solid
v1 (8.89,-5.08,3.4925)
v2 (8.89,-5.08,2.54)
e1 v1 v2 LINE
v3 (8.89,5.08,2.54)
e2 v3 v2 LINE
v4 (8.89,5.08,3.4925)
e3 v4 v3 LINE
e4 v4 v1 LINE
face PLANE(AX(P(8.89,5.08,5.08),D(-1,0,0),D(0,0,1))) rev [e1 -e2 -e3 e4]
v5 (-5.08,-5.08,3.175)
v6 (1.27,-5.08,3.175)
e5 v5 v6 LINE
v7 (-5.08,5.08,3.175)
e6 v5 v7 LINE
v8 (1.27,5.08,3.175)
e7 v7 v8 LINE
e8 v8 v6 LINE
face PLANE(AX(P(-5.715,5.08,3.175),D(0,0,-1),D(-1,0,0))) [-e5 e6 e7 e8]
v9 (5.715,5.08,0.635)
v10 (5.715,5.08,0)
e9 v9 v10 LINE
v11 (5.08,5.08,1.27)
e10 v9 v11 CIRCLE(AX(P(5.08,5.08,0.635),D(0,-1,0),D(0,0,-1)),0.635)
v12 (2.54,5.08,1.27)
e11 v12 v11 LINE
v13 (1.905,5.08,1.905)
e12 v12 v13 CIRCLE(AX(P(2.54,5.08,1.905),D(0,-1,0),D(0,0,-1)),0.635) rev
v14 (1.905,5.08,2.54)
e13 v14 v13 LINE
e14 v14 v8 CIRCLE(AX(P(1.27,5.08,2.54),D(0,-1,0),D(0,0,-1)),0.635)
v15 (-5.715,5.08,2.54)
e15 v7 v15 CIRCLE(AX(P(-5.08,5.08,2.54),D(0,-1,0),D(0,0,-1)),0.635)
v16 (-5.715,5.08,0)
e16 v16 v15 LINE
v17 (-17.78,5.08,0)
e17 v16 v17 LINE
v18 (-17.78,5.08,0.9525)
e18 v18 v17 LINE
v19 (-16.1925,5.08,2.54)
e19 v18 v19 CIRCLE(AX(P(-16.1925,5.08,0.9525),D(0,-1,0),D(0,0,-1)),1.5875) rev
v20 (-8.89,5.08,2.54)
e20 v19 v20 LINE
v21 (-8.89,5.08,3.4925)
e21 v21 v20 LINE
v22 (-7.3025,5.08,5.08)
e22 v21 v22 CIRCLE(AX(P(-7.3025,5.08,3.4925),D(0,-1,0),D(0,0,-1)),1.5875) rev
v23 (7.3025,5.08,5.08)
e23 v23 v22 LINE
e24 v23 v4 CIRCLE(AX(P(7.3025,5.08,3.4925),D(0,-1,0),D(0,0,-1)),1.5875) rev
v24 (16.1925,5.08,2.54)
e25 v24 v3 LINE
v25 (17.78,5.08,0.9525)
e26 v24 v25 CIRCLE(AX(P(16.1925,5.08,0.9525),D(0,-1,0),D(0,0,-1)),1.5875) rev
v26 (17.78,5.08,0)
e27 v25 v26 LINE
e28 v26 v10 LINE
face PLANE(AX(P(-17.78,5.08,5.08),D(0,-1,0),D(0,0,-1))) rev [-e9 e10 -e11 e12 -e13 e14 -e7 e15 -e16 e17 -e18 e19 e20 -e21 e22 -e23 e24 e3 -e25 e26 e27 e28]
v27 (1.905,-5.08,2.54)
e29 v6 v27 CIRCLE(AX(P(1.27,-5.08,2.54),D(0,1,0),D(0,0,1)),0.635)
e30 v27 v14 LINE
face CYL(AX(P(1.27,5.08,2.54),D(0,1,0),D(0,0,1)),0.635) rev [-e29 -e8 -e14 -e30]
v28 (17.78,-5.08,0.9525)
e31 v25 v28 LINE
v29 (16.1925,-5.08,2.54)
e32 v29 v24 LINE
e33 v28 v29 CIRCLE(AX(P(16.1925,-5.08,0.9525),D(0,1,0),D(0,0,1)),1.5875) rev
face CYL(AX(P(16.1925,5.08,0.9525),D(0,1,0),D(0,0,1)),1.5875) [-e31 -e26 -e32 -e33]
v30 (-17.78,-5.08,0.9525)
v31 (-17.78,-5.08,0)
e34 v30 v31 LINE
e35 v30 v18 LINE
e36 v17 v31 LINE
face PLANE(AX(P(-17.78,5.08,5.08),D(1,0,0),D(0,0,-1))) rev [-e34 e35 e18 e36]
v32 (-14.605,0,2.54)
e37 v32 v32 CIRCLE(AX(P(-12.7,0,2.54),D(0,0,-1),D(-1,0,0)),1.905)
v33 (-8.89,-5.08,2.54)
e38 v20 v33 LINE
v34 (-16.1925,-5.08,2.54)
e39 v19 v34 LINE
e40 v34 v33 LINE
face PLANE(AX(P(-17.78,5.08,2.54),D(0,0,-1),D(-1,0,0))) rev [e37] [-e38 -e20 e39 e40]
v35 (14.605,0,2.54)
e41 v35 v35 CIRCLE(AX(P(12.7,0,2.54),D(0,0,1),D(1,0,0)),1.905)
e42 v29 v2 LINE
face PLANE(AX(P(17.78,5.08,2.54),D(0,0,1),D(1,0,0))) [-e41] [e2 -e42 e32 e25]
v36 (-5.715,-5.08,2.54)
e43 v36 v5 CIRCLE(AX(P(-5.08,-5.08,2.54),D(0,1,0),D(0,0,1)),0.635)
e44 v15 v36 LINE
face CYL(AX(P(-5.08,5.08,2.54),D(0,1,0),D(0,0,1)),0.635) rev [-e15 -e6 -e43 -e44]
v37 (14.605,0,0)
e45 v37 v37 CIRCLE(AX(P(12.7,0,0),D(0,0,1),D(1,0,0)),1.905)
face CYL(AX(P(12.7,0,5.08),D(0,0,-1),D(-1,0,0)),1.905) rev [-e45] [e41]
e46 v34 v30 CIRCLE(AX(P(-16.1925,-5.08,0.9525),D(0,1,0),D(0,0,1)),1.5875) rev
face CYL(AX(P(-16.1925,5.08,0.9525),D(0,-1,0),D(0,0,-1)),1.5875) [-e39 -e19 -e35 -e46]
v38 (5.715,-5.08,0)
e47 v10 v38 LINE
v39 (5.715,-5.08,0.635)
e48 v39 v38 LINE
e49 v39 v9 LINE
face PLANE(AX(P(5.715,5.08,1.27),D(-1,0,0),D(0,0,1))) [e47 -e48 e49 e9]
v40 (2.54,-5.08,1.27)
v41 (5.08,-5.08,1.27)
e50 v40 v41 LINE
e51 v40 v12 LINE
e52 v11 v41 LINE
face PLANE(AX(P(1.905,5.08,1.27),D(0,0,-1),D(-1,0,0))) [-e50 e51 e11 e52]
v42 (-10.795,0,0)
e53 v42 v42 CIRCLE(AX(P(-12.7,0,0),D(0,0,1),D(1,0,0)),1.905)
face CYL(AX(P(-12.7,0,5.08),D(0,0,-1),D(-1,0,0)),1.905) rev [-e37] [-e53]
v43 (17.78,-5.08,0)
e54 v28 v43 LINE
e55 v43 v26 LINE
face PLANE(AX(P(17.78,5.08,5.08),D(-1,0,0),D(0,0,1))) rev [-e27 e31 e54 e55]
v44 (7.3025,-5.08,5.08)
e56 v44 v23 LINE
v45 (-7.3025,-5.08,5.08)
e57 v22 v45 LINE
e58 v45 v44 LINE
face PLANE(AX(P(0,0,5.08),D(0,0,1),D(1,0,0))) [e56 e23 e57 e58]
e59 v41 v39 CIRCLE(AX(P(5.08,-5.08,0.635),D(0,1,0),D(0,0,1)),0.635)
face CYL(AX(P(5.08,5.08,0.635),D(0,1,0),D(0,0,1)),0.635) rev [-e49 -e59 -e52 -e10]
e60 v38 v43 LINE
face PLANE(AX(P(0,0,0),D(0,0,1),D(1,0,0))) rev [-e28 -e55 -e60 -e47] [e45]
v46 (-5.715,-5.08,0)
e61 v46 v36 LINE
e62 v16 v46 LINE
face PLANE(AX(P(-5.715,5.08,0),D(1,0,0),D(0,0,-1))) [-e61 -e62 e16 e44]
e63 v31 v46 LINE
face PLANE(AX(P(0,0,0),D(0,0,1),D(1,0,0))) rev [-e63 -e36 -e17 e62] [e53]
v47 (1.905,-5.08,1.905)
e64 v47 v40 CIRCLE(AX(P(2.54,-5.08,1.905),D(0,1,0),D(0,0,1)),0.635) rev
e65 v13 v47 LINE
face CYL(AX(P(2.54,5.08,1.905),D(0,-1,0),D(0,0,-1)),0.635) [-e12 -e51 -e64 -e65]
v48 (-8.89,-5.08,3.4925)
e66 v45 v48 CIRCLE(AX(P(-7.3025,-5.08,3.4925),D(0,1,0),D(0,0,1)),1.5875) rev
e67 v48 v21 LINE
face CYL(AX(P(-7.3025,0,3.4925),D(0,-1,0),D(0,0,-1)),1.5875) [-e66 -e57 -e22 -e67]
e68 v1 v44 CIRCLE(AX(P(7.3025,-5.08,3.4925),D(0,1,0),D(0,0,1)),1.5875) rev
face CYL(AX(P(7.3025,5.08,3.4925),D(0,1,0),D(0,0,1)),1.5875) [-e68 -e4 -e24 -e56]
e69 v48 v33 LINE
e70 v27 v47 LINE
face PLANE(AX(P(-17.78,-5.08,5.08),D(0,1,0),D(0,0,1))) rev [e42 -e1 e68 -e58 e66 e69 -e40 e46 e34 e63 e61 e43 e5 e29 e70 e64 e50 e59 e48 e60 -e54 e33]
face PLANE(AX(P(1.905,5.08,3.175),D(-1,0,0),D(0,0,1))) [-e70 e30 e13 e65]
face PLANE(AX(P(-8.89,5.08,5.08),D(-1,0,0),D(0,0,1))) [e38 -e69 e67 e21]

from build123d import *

# Parameters (mm, degrees)
SKETCH1_W           = 35.56
SKETCH1_H           = 10.16
SKETCH1_R           = 1.905
BOSS_EXTRUDE1_DEPTH = 5.08
SKETCH2_W           = 8.89
SKETCH2_H           = 2.54
CUT_EXTRUDE1_DEPTH  = 22.098824612
FILLET1_R           = 1.5875
FILLET2_R           = 0.635


with BuildPart() as part:
    # Sketch1 → Boss-Extrude1 (new body)
    with BuildSketch(Plane.XY):
        Rectangle(SKETCH1_W, SKETCH1_H)
        with Locations((-12.7, 0)):
            Circle(SKETCH1_R, mode=Mode.SUBTRACT)
        with Locations((12.7, 0)):
            Circle(SKETCH1_R, mode=Mode.SUBTRACT)
    extrude(amount=BOSS_EXTRUDE1_DEPTH)

    # Sketch2 → Cut-Extrude1 (cut, through all)
    with BuildSketch(Plane.XZ.offset(5.08)):
        Polygon((0, 0), (-5.715, 0), (-5.715, 3.175), (1.905, 3.175), (1.905, 1.27), (5.715, 1.27), (5.715, 0), align=None)
        with Locations((-13.335, 3.81)):
            Rectangle(SKETCH2_W, SKETCH2_H)
        with Locations((13.335, 3.81)):
            Rectangle(SKETCH2_W, SKETCH2_H)
    extrude(amount=-CUT_EXTRUDE1_DEPTH, mode=Mode.SUBTRACT)

    # Fillet1
    fillet1_edges = [part.edges().sort_by_distance(p)[0] for p in [
        (-17.78, 0, 2.54),
        (-8.89, 0, 5.08),
        (8.89, 0, 5.08),
        (17.78, 0, 2.54),
    ]]
    fillet(fillet1_edges, radius=FILLET1_R)

    # Fillet2
    fillet2_edges = [part.edges().sort_by_distance(p)[0] for p in [
        (-5.715, 0, 3.175),
        (1.905, 0, 3.175),
        (1.905, 0, 1.27),
        (5.715, 0, 1.27),
    ]]
    fillet(fillet2_edges, radius=FILLET2_R)


solid = part.part
